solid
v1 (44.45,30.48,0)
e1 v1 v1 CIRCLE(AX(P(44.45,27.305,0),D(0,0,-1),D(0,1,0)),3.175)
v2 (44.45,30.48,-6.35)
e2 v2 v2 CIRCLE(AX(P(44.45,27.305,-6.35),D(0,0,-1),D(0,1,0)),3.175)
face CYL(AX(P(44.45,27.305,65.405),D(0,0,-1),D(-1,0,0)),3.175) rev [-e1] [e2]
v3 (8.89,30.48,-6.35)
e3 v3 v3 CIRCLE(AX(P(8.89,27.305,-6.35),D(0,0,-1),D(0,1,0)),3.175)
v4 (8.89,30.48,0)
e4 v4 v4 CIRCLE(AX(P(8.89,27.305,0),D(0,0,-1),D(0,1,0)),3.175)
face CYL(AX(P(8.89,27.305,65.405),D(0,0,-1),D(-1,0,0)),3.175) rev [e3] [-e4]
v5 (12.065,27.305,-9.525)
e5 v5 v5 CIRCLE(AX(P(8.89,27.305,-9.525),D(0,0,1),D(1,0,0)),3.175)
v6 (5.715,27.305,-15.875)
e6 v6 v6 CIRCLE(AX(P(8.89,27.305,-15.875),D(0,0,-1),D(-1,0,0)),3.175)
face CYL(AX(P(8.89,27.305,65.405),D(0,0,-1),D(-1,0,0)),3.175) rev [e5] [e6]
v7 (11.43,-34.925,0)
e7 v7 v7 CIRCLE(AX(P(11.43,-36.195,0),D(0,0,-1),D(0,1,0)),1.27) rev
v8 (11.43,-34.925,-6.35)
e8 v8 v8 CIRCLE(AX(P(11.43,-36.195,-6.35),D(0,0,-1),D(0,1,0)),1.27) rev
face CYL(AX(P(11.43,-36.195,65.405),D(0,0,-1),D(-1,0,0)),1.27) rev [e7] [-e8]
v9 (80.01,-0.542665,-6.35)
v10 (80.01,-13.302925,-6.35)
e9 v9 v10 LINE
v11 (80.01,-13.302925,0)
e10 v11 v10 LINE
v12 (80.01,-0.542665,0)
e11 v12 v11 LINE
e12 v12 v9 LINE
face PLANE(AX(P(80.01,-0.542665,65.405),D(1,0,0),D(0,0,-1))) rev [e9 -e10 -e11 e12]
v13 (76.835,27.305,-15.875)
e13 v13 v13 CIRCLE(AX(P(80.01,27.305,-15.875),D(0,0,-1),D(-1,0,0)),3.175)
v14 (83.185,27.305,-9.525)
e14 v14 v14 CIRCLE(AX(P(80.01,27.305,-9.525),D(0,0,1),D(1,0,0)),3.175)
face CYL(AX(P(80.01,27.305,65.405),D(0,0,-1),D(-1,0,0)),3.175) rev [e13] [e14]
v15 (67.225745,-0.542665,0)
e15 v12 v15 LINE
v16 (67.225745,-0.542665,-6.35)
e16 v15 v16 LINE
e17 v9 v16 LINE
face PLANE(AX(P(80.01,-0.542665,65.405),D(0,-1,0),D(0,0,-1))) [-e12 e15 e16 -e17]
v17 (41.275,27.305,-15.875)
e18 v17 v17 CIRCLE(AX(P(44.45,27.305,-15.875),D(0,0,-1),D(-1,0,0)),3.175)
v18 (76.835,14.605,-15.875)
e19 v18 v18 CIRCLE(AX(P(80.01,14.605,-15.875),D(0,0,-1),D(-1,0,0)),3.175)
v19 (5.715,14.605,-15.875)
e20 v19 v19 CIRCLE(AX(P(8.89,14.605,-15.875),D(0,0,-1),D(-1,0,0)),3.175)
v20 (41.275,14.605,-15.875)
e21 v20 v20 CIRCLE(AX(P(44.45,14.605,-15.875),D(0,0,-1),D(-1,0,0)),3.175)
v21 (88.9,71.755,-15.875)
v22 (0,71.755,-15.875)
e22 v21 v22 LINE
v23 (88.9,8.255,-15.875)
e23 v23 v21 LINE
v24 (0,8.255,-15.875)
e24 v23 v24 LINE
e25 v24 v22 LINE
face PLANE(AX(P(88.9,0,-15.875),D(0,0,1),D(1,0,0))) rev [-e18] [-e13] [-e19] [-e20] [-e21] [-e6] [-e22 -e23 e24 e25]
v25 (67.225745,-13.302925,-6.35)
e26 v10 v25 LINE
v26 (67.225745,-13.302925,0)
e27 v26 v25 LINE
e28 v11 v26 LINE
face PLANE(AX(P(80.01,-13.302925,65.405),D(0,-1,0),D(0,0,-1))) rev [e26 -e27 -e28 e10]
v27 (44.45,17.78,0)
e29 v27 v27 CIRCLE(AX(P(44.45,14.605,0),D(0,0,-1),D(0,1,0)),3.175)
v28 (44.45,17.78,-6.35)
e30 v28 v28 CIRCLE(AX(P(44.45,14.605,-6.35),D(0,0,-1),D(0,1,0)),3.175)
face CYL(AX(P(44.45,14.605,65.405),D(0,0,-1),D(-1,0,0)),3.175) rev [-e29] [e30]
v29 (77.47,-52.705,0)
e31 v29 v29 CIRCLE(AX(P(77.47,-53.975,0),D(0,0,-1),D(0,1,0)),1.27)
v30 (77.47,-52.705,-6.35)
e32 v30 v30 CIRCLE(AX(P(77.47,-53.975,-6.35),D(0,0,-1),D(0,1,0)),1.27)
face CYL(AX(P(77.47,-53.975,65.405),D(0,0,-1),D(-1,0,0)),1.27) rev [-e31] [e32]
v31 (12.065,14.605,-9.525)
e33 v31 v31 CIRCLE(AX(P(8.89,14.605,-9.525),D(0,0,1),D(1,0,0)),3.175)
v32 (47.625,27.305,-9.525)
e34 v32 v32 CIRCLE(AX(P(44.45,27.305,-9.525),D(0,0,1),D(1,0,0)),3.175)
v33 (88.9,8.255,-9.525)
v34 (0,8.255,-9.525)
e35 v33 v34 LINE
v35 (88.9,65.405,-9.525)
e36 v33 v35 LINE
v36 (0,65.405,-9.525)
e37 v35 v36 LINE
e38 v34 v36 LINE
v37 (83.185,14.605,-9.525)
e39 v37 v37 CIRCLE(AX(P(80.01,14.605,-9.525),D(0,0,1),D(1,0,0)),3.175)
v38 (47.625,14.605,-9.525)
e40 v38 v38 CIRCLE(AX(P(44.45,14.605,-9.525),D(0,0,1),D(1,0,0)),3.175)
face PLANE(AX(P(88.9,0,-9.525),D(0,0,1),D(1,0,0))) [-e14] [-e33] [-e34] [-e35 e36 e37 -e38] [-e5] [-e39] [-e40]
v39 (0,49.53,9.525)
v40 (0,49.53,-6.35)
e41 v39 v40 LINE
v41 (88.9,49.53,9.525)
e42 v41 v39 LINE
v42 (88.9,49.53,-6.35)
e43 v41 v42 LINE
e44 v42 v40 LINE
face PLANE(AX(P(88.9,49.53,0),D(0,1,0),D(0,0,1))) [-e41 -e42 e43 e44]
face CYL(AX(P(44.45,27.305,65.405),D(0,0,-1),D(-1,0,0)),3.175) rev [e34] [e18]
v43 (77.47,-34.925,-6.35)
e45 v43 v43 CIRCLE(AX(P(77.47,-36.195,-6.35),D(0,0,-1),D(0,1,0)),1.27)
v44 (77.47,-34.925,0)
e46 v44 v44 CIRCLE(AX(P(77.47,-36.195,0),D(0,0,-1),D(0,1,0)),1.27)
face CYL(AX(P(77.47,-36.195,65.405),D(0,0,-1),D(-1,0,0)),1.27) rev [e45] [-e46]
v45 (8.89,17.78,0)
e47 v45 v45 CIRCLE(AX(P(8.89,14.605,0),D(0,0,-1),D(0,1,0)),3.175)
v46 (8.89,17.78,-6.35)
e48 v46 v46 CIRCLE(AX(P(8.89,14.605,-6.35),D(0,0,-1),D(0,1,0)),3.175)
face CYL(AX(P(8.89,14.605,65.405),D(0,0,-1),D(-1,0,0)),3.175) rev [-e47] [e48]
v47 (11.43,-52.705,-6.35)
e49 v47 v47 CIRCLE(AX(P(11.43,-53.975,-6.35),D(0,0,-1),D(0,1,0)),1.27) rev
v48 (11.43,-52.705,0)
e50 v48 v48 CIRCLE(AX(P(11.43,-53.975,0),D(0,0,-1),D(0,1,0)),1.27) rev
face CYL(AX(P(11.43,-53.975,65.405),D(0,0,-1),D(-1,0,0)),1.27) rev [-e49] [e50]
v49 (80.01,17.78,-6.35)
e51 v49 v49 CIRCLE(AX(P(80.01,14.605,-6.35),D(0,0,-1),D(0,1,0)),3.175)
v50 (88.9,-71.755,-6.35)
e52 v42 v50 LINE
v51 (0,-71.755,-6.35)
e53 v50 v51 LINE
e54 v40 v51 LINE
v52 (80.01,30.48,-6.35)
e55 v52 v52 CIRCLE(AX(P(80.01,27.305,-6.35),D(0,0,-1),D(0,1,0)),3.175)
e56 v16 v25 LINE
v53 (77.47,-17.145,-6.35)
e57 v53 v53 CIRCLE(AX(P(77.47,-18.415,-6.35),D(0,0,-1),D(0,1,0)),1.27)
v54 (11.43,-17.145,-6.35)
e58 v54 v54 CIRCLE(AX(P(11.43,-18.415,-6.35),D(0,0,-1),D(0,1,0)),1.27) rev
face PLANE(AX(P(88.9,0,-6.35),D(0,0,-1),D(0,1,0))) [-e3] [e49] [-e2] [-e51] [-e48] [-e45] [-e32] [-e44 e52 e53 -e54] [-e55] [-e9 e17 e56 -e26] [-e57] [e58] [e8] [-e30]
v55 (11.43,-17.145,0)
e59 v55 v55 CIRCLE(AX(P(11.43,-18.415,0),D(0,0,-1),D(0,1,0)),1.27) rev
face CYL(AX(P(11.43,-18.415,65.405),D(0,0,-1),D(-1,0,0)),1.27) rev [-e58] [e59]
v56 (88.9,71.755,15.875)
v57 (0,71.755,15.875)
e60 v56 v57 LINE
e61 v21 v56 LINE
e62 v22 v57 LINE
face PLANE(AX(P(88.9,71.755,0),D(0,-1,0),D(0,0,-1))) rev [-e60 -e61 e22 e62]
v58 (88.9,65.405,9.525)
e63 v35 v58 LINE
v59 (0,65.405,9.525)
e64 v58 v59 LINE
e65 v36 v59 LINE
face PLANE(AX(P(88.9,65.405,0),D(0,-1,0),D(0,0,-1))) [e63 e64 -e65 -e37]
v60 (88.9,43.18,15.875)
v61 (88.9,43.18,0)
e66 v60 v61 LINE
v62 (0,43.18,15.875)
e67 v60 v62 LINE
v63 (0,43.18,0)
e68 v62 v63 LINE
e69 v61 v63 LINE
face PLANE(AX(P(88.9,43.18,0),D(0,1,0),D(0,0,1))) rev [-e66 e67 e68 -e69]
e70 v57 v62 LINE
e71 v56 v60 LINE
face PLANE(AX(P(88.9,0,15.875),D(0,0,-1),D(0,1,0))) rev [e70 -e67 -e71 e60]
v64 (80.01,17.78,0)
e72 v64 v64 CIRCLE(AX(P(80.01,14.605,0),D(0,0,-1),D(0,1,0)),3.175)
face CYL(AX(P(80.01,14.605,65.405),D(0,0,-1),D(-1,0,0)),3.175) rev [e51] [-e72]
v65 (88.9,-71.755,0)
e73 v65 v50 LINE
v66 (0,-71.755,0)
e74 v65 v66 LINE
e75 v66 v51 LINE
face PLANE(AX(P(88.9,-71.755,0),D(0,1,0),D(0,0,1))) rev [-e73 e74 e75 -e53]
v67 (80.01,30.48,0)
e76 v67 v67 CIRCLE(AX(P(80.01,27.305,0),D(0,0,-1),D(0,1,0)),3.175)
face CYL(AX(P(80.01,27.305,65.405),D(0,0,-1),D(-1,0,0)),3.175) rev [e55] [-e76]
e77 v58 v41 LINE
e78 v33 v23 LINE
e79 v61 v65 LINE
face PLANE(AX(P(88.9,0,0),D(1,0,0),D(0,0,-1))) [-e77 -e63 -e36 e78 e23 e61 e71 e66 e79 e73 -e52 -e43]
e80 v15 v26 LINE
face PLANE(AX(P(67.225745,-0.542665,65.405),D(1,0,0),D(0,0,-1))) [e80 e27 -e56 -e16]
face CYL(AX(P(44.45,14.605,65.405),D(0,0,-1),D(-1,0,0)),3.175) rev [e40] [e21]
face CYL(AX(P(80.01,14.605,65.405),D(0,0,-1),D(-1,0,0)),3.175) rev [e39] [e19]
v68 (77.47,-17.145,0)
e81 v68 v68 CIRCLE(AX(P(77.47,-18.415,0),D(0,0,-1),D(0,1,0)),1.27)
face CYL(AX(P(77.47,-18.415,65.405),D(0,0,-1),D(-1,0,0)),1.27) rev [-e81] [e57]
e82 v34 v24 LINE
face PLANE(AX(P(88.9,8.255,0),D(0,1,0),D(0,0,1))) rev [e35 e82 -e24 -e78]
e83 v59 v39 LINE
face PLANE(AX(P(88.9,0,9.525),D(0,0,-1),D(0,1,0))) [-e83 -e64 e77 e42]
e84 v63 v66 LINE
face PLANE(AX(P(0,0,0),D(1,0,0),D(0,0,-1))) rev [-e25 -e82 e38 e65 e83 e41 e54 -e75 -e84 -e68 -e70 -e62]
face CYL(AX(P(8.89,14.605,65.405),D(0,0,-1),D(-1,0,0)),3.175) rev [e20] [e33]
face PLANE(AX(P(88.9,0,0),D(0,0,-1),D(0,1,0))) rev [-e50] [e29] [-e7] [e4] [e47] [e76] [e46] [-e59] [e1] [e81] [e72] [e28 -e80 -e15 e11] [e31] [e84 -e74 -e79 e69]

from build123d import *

# Parameters (mm, degrees)
BOSS_EXTRUDE1_DEPTH = 88.9
SKETCH2_R           = 3.175
SKETCH2_R_2         = 1.27
SKETCH2_W           = 12.784255415
SKETCH2_H           = 12.760259732
CUT_EXTRUDE1_DEPTH  = 81.28


with BuildPart() as part:
    # Sketch1 → Boss-Extrude1 (new body)
    with BuildSketch(Plane(origin=(0, 0, 0), x_dir=(0, 0, -1), z_dir=(1, 0, 0))):
        Polygon((6.35, 11.43), (6.35, -71.755), (0, -71.755), (0, 11.43), (0, 43.18), (-15.875, 43.18), (-15.875, 71.755), (15.875, 71.755), (15.875, 8.255), (9.525, 8.255), (9.525, 65.405), (-9.525, 65.405), (-9.525, 49.53), (6.35, 49.53), align=None)
    extrude(amount=BOSS_EXTRUDE1_DEPTH)

    # Sketch2 → Cut-Extrude1 (cut)
    with BuildSketch(Plane(origin=(0, 0, -15.875), x_dir=(-1, 0, 0), z_dir=(0, 0, -1))):
        with Locations(Location((-44.45, 27.305, 0), (0, 0, 90))):
            Circle(SKETCH2_R)
        with Locations(Location((-80.01, 27.305, 0), (0, 0, 90))):
            Circle(SKETCH2_R)
        with Locations(Location((-80.01, 14.605, 0), (0, 0, 90))):
            Circle(SKETCH2_R)
        with Locations(Location((-44.45, 14.605, 0), (0, 0, 90))):
            Circle(SKETCH2_R)
        with Locations(Location((-8.89, 14.605, 0), (0, 0, 90))):
            Circle(SKETCH2_R)
        with Locations(Location((-8.89, 27.305, 0), (0, 0, 90))):
            Circle(SKETCH2_R)
        with Locations(Location((-77.47, -18.415, 0), (0, 0, 90))):
            Circle(SKETCH2_R_2)
        with Locations(Location((-77.47, -36.195, 0), (0, 0, 90))):
            Circle(SKETCH2_R_2)
        with Locations(Location((-77.47, -53.975, 0), (0, 0, 90))):
            Circle(SKETCH2_R_2)
        with Locations(Location((-11.43, -53.975, 0), (0, 0, 90))):
            Circle(SKETCH2_R_2)
        with Locations(Location((-11.43, -36.195, 0), (0, 0, 90))):
            Circle(SKETCH2_R_2)
        with Locations(Location((-11.43, -18.415, 0), (0, 0, 90))):
            Circle(SKETCH2_R_2)
        with Locations((-73.617872293, -6.922794841)):
            Rectangle(SKETCH2_W, SKETCH2_H)
    extrude(amount=-CUT_EXTRUDE1_DEPTH, mode=Mode.SUBTRACT)


solid = part.part
